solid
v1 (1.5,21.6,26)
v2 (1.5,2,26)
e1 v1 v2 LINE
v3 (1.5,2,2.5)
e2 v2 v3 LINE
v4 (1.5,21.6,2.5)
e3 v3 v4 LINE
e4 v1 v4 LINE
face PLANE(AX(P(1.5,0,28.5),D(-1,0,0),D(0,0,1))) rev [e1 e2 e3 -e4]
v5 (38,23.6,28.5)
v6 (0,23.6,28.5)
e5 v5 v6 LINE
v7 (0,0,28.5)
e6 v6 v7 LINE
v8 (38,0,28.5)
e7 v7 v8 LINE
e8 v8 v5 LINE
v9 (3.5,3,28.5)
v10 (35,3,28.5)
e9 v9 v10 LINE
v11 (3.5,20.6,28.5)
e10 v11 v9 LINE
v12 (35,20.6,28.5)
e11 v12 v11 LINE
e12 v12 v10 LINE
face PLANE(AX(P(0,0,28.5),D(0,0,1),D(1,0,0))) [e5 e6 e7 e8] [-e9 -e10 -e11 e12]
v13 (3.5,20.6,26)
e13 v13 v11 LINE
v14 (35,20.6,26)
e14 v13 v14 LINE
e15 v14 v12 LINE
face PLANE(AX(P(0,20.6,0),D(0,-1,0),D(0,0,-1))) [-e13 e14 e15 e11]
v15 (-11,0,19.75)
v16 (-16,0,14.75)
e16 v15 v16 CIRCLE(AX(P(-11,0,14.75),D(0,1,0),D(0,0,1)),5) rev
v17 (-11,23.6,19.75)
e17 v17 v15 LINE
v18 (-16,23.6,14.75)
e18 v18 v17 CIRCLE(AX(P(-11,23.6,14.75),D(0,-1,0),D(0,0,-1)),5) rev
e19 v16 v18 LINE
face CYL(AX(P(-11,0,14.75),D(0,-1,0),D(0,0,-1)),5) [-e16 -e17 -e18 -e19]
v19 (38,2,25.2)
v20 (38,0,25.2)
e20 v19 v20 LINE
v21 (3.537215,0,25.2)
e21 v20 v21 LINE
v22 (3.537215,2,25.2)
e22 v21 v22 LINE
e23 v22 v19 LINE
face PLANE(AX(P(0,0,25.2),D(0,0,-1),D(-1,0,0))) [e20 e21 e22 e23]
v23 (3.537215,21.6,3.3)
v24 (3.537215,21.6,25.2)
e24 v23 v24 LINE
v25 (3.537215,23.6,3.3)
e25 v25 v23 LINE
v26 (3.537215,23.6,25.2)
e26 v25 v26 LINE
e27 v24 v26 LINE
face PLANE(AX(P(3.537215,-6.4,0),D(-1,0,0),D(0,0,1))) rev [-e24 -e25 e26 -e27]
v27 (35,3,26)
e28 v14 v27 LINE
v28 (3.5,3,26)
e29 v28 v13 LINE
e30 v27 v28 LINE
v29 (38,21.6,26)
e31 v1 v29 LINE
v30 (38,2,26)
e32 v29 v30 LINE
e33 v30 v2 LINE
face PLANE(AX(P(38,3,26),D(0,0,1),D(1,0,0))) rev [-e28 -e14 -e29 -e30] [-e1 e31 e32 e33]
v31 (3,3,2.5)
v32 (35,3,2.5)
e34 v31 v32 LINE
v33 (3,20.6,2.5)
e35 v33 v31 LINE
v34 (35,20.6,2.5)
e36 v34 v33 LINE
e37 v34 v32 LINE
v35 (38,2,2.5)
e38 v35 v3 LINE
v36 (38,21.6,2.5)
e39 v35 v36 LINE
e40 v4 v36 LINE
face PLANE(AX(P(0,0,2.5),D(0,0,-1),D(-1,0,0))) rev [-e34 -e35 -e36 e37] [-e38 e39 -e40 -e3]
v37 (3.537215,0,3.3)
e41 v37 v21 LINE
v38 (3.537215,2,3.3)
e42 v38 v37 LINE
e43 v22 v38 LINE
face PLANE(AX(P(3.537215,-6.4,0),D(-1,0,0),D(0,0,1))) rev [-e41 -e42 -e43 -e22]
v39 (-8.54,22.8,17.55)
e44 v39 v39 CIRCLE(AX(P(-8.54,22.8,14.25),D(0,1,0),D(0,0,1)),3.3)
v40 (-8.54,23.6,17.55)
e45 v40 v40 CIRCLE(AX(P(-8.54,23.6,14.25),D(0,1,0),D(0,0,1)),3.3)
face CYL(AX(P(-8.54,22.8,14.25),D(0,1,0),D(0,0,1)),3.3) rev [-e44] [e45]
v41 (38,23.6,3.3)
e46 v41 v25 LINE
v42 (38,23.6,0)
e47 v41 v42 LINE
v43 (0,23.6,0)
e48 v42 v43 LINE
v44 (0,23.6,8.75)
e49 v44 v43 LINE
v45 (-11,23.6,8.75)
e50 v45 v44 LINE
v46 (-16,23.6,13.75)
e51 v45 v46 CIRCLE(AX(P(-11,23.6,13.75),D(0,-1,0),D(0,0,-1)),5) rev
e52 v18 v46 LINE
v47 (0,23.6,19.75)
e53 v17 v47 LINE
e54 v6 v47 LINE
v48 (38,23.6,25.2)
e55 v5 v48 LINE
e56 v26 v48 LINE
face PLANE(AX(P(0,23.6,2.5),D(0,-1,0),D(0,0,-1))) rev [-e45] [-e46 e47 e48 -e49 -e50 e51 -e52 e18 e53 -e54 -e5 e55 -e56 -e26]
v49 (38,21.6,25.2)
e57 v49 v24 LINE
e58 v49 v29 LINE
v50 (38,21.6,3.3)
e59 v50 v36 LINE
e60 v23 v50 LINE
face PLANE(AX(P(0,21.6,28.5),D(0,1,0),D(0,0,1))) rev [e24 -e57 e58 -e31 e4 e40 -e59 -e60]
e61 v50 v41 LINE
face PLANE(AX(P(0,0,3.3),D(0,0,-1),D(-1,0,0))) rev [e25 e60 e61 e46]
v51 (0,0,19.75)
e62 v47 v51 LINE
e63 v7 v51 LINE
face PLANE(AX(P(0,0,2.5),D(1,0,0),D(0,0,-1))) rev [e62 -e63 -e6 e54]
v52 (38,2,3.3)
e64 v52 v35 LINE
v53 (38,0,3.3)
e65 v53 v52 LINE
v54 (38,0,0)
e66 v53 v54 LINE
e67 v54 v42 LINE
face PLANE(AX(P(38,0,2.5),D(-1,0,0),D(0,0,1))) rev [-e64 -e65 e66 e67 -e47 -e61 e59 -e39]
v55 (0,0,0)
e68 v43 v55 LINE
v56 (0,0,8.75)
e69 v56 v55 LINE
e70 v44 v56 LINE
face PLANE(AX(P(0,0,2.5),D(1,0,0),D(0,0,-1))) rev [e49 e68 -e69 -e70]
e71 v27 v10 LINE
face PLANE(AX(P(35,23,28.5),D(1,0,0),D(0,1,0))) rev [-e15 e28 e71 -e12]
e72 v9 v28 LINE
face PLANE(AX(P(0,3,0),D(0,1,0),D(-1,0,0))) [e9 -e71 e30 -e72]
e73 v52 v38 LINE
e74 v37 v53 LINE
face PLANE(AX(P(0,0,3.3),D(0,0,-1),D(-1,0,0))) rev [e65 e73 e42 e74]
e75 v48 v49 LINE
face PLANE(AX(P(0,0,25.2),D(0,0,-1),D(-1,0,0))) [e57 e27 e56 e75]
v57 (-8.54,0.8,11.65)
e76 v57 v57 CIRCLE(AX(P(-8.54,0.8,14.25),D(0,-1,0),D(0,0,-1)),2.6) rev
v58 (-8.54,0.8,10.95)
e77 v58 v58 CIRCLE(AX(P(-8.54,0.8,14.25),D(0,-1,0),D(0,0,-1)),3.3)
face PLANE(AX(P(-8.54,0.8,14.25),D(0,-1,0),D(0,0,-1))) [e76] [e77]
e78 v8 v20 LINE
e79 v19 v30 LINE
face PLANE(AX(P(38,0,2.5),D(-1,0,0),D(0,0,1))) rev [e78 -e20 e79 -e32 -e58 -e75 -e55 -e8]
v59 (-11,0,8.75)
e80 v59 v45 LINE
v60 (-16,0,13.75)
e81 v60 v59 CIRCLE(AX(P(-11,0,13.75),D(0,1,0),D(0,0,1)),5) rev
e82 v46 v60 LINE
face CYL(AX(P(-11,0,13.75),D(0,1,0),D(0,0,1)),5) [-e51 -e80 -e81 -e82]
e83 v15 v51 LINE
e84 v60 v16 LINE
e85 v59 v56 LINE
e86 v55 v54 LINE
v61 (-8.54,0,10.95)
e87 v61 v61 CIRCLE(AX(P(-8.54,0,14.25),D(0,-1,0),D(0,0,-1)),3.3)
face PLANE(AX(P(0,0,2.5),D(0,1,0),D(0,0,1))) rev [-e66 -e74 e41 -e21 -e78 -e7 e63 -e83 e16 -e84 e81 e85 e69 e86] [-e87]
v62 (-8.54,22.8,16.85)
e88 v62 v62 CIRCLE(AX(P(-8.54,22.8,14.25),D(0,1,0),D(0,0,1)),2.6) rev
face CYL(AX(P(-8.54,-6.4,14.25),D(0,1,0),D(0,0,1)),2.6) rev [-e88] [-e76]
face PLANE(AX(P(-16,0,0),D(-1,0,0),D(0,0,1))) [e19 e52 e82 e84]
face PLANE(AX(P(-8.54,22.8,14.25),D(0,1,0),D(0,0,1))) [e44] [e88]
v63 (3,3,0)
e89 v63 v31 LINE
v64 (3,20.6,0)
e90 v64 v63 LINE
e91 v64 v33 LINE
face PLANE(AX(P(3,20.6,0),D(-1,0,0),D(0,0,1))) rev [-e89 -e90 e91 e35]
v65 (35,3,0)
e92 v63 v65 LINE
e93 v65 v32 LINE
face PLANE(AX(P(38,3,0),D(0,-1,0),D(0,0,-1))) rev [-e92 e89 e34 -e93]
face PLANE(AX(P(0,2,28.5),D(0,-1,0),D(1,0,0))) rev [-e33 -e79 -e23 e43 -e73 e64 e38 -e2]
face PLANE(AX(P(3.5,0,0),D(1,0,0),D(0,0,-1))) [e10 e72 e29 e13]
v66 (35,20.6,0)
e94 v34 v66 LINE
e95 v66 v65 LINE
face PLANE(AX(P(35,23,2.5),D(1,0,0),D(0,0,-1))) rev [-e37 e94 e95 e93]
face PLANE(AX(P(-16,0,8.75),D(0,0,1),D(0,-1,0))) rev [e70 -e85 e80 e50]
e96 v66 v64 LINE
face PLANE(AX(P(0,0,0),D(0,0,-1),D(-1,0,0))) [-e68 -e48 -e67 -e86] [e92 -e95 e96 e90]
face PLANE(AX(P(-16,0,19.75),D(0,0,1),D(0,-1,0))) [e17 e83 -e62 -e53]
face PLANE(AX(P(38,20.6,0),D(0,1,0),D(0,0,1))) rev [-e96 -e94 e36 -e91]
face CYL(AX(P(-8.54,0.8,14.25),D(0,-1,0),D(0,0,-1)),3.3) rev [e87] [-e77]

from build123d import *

# Parameters (mm, degrees)
SKETCH2_W            = 38
SKETCH2_H            = 23.6
BOSS_EXTRUDE2_DEPTH  = 2.5
SKETCH3_W            = 35
SKETCH3_H            = 17.6
CUT_EXTRUDE2_DEPTH   = 2.5
SKETCH5_W            = 36.5
SKETCH5_H            = 2
SKETCH5_W_2          = 1.5
SKETCH5_H_2          = 19.6
BOSS_EXTRUDE3_DEPTH  = 26
SKETCH7_W            = 36.5
SKETCH7_H            = 2.5
BOSS_EXTRUDE5_DEPTH  = 1
SKETCH10_W           = 12.597499818
SKETCH10_H           = 2.5
SKETCH10_W_2         = 23.902500182
BOSS_EXTRUDE6_DEPTH  = 1
SKETCH11_W           = 2.5
SKETCH11_H           = 17.6
BOSS_EXTRUDE7_DEPTH  = 2
SKETCH15_W           = 30.589508609
SKETCH15_H           = 23.5
SKETCH15_W_2         = 3.8732763
CUT_EXTRUDE4_DEPTH   = 30
SKETCH16_W           = 3
SKETCH16_H           = 2.5
BOSS_EXTRUDE8_DEPTH  = 20
SKETCH17_W           = 3
SKETCH17_H           = 2.5
BOSS_EXTRUDE9_DEPTH  = 20
SKETCH19_W           = 5.5
SKETCH19_H           = 23.6
BOSS_EXTRUDE10_DEPTH = 16
SKETCH20_R           = 2.6
CUT_EXTRUDE6_DEPTH   = 30
SKETCH21_R           = 3.3
CUT_EXTRUDE7_DEPTH   = 0.8
SKETCH22_R           = 3.3
CUT_EXTRUDE8_DEPTH   = 0.8
FILLET1_R            = 5
FILLET3_R            = 5
SKETCH23_W           = 34.462784909
SKETCH23_H           = 2
BOSS_EXTRUDE11_DEPTH = 0.8
SKETCH24_W           = 34.462784909
SKETCH24_H           = 2
BOSS_EXTRUDE12_DEPTH = 0.8
SKETCH25_W           = 34.462784909
SKETCH25_H           = 2
BOSS_EXTRUDE13_DEPTH = 0.8
SKETCH26_W           = 34.462784909
SKETCH26_H           = 2
BOSS_EXTRUDE14_DEPTH = 0.8


with BuildPart() as part:
    # Sketch2 → Boss-Extrude2 (new body)
    with BuildSketch(Plane.XY):
        with Locations((19, 11.8)):
            Rectangle(SKETCH2_W, SKETCH2_H)
    extrude(amount=BOSS_EXTRUDE2_DEPTH)

    # Sketch3 → Cut-Extrude2 (cut)
    with BuildSketch(Plane.XY.offset(2.5)):
        with Locations((20.5, 11.8)):
            Rectangle(SKETCH3_W, SKETCH3_H)
    extrude(amount=-CUT_EXTRUDE2_DEPTH, mode=Mode.SUBTRACT)

    # Sketch5 → Boss-Extrude3 (add)
    with BuildSketch(Plane.XY.offset(2.5)):
        with Locations((19.75, 22.6)):
            Rectangle(SKETCH5_W, SKETCH5_H)
        with Locations((0.75, 22.6)):
            Rectangle(SKETCH5_W_2, SKETCH5_H)
        with Locations((0.75, 11.8)):
            Rectangle(SKETCH5_W_2, SKETCH5_H_2)
        with Locations((0.75, 1)):
            Rectangle(SKETCH5_W_2, SKETCH5_H)
        with Locations((19.75, 1)):
            Rectangle(SKETCH5_W, SKETCH5_H)
    extrude(amount=BOSS_EXTRUDE3_DEPTH)

    # Sketch7 → Boss-Extrude5 (add)
    with BuildSketch(Plane(origin=(0, 2, 0), x_dir=(1, 0, 0), z_dir=(0, 1, 0))):
        with Locations((19.75, -27.25)):
            Rectangle(SKETCH7_W, SKETCH7_H)
    extrude(amount=BOSS_EXTRUDE5_DEPTH)

    # Sketch10 → Boss-Extrude6 (add)
    with BuildSketch(Plane.XZ.offset(-21.6)):
        with Locations((31.701250091, 27.25)):
            Rectangle(SKETCH10_W, SKETCH10_H)
        with Locations((13.451250091, 27.25)):
            Rectangle(SKETCH10_W_2, SKETCH10_H)
    extrude(amount=BOSS_EXTRUDE6_DEPTH)

    # Sketch11 → Boss-Extrude7 (add)
    with BuildSketch(Plane(origin=(1.5, 0, 0), x_dir=(0, 0, -1), z_dir=(1, 0, 0))):
        with Locations((-27.25, 11.8)):
            Rectangle(SKETCH11_W, SKETCH11_H)
    extrude(amount=BOSS_EXTRUDE7_DEPTH)

    # Sketch15 → Cut-Extrude4 (cut)
    with BuildSketch(Plane(origin=(0, 23.6, 0), x_dir=(1, 0, 0), z_dir=(0, 1, 0))):
        with Locations((18.831969395, -14.25)):
            Rectangle(SKETCH15_W, SKETCH15_H)
        with Locations((36.06336185, -14.25)):
            Rectangle(SKETCH15_W_2, SKETCH15_H)
    extrude(amount=-CUT_EXTRUDE4_DEPTH, mode=Mode.SUBTRACT)

    # Sketch16 → Boss-Extrude8 (add)
    with BuildSketch(Plane(origin=(0, 3, 0), x_dir=(1, 0, 0), z_dir=(0, 1, 0))):
        with Locations((36.5, -1.25)):
            Rectangle(SKETCH16_W, SKETCH16_H)
    extrude(amount=BOSS_EXTRUDE8_DEPTH)

    # Sketch17 → Boss-Extrude9 (add)
    with BuildSketch(Plane(origin=(0, 3, 0), x_dir=(1, 0, 0), z_dir=(0, 1, 0))):
        with Locations((36.5, -27.25)):
            Rectangle(SKETCH17_W, SKETCH17_H)
    extrude(amount=BOSS_EXTRUDE9_DEPTH)

    # Sketch19 → Boss-Extrude10 (add)
    with BuildSketch(Plane.ZY):
        with Locations((17, 11.8)):
            Rectangle(SKETCH19_W, SKETCH19_H)
        with Locations((11.5, 11.8)):
            Rectangle(SKETCH19_W, SKETCH19_H)
    extrude(amount=BOSS_EXTRUDE10_DEPTH)

    # Sketch20 → Cut-Extrude6 (cut)
    with BuildSketch(Plane(origin=(0, 23.6, 0), x_dir=(1, 0, 0), z_dir=(0, 1, 0))):
        with Locations((-8.54, -14.25)):
            Circle(SKETCH20_R)
    extrude(amount=-CUT_EXTRUDE6_DEPTH, mode=Mode.SUBTRACT)

    # Sketch21 → Cut-Extrude7 (cut)
    with BuildSketch(Plane(origin=(0, 23.6, 0), x_dir=(1, 0, 0), z_dir=(0, 1, 0))):
        with Locations((-8.54, -14.25)):
            Circle(SKETCH21_R)
    extrude(amount=-CUT_EXTRUDE7_DEPTH, mode=Mode.SUBTRACT)

    # Sketch22 → Cut-Extrude8 (cut)
    with BuildSketch(Plane.XZ):
        with Locations((-8.54, 14.25)):
            Circle(SKETCH22_R)
    extrude(amount=-CUT_EXTRUDE8_DEPTH, mode=Mode.SUBTRACT)

    # Fillet1
    fillet1_edges = [part.edges().sort_by_distance(p)[0] for p in [
        (-16, 11.8, 8.75),
    ]]
    fillet(fillet1_edges, radius=FILLET1_R)

    # Fillet3
    fillet3_edges = [part.edges().sort_by_distance(p)[0] for p in [
        (-16, 11.8, 19.75),
    ]]
    fillet(fillet3_edges, radius=FILLET3_R)

    # Sketch23 → Boss-Extrude11 (add)
    with BuildSketch(Plane(origin=(0, 0, 26), x_dir=(-1, 0, 0), z_dir=(0, 0, -1))):
        with Locations((-20.768607546, 22.6)):
            Rectangle(SKETCH23_W, SKETCH23_H)
    extrude(amount=BOSS_EXTRUDE11_DEPTH)

    # Sketch24 → Boss-Extrude12 (add)
    with BuildSketch(Plane.XY.offset(2.5)):
        with Locations((20.768607546, 22.6)):
            Rectangle(SKETCH24_W, SKETCH24_H)
    extrude(amount=BOSS_EXTRUDE12_DEPTH)

    # Sketch25 → Boss-Extrude13 (add)
    with BuildSketch(Plane(origin=(0, 0, 26), x_dir=(-1, 0, 0), z_dir=(0, 0, -1))):
        with Locations((-20.768607546, 1)):
            Rectangle(SKETCH25_W, SKETCH25_H)
    extrude(amount=BOSS_EXTRUDE13_DEPTH)

    # Sketch26 → Boss-Extrude14 (add)
    with BuildSketch(Plane.XY.offset(2.5)):
        with Locations((20.768607546, 1)):
            Rectangle(SKETCH26_W, SKETCH26_H)
    extrude(amount=BOSS_EXTRUDE14_DEPTH)


solid = part.part
